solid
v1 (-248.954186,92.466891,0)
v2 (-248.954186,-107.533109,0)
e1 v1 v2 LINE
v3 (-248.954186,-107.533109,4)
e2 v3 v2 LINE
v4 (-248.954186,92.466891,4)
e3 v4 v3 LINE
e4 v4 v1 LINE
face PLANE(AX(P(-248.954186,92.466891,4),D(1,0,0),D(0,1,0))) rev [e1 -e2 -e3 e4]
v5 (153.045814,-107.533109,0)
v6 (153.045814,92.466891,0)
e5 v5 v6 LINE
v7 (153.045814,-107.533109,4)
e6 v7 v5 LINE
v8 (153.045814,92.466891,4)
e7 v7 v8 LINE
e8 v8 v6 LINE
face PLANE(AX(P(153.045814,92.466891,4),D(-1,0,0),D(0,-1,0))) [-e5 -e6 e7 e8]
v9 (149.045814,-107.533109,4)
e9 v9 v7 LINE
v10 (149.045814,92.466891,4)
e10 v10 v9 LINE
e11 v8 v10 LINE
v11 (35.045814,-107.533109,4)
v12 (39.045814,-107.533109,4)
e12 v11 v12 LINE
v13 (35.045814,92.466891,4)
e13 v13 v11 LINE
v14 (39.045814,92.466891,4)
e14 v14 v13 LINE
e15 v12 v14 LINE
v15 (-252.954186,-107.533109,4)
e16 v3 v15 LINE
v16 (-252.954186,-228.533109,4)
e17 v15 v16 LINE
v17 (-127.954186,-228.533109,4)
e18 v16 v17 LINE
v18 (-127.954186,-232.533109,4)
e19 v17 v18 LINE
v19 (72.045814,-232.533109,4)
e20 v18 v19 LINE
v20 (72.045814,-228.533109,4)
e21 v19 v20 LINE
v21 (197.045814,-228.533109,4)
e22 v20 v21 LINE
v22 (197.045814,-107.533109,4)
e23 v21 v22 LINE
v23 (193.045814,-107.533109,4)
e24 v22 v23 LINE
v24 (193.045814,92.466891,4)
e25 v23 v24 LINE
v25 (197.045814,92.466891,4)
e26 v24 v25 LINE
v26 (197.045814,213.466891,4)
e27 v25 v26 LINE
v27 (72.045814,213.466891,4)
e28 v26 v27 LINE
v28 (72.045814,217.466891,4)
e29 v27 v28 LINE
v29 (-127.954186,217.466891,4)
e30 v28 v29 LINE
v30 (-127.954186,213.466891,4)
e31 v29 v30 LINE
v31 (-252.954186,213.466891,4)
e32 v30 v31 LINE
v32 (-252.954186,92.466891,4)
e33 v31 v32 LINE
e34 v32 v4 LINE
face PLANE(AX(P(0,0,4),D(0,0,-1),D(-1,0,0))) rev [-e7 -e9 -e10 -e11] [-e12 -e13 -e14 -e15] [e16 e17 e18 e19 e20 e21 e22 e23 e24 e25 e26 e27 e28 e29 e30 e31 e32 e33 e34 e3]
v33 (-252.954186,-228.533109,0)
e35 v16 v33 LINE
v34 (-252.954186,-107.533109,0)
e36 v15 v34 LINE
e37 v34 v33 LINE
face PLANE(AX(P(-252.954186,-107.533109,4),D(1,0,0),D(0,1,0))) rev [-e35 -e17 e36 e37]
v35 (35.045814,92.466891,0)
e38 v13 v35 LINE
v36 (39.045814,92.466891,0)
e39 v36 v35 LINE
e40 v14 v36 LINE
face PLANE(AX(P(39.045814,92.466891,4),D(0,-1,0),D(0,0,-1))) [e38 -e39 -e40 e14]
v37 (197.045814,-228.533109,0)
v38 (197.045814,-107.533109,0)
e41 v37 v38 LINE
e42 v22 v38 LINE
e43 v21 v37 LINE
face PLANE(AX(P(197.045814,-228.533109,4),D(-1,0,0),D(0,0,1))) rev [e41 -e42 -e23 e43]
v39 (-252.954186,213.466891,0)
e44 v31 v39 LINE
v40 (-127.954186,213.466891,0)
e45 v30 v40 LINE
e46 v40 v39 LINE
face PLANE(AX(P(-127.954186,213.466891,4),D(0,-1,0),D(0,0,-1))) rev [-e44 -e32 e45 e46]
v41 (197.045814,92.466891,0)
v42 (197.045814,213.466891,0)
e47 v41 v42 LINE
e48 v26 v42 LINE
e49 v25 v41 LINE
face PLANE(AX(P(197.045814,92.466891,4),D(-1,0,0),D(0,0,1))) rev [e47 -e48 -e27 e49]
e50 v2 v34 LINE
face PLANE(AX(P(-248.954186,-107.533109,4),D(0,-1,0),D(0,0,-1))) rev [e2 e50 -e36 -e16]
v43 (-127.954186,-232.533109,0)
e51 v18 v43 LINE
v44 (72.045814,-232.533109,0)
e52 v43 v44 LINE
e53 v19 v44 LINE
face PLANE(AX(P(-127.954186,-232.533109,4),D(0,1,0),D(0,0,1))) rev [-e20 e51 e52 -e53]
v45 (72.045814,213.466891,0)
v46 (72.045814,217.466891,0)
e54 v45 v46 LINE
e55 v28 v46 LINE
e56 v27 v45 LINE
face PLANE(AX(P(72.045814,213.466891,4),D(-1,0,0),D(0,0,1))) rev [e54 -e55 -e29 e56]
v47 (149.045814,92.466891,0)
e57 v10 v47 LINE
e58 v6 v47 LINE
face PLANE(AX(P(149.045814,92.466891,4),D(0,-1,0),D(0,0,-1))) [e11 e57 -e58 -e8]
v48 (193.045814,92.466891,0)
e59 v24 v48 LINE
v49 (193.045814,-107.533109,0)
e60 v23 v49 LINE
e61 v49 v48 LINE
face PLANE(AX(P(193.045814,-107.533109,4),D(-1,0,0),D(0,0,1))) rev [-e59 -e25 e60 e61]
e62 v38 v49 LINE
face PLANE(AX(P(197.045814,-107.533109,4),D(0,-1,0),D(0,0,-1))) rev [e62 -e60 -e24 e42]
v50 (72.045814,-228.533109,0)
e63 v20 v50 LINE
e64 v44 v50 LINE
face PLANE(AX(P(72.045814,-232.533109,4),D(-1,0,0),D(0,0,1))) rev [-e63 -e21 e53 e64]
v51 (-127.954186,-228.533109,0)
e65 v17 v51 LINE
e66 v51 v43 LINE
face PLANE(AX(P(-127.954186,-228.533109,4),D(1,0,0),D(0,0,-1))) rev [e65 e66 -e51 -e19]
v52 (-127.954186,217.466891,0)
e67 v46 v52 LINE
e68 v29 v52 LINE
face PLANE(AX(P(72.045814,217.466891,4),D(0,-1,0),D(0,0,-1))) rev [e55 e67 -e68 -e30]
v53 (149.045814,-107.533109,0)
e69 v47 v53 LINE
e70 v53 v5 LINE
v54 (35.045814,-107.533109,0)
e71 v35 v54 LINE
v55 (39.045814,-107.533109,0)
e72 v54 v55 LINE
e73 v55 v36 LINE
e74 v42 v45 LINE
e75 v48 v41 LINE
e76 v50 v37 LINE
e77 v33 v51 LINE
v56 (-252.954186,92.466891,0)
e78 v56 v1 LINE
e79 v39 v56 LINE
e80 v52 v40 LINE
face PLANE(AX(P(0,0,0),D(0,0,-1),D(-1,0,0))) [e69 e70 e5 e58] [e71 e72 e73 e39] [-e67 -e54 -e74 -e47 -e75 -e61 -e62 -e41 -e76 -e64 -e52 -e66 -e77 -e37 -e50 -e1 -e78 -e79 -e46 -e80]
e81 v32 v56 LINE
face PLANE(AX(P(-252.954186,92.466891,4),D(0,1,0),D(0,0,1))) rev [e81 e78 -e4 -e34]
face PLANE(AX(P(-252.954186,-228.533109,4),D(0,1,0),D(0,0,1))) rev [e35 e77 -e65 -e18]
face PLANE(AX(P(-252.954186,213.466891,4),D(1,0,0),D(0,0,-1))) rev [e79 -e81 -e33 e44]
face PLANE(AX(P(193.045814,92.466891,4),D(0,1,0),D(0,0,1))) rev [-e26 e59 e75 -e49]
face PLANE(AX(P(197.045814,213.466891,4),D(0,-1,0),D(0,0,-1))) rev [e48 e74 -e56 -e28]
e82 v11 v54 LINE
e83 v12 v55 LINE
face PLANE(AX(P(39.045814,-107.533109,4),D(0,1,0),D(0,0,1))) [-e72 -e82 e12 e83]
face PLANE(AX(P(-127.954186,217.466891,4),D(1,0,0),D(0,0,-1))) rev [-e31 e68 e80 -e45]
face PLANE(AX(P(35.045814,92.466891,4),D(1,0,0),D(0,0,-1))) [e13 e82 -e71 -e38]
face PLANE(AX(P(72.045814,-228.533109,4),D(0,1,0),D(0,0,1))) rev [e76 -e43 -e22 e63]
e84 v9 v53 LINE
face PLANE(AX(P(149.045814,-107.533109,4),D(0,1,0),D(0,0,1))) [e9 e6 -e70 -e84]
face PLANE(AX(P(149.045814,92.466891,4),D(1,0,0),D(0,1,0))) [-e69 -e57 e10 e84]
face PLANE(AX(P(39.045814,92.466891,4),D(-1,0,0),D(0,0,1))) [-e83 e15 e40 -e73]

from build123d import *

# Parameters (mm, degrees)
SKETCH1_W           = 4
SKETCH1_H           = 200
BOSS_EXTRUDE1_DEPTH = 4


with BuildPart() as part:
    # Sketch1 → Boss-Extrude1 (new body)
    with BuildSketch(Plane.XY):
        Polygon((-248.954185923, -107.533108544), (-252.954185923, -107.533108544), (-252.954185923, -228.533108544), (-127.954185923, -228.533108544), (-127.954185923, -232.533108544), (72.045814077, -232.533108544), (72.045814077, -228.533108544), (197.045814077, -228.533108544), (197.045814077, -107.533108544), (193.045814077, -107.533108544), (193.045814077, 92.466891456), (197.045814077, 92.466891456), (197.045814077, 213.466891456), (72.045814077, 213.466891456), (72.045814077, 217.466891456), (-127.954185923, 217.466891456), (-127.954185923, 213.466891456), (-252.954185923, 213.466891456), (-252.954185923, 92.466891456), (-248.954185923, 92.466891456), align=None)
        with Locations((37.045814077, -7.533108544)):
            Rectangle(SKETCH1_W, SKETCH1_H, mode=Mode.SUBTRACT)
        with Locations((151.045814077, -7.533108544)):
            Rectangle(SKETCH1_W, SKETCH1_H, mode=Mode.SUBTRACT)
    extrude(amount=BOSS_EXTRUDE1_DEPTH)


solid = part.part
